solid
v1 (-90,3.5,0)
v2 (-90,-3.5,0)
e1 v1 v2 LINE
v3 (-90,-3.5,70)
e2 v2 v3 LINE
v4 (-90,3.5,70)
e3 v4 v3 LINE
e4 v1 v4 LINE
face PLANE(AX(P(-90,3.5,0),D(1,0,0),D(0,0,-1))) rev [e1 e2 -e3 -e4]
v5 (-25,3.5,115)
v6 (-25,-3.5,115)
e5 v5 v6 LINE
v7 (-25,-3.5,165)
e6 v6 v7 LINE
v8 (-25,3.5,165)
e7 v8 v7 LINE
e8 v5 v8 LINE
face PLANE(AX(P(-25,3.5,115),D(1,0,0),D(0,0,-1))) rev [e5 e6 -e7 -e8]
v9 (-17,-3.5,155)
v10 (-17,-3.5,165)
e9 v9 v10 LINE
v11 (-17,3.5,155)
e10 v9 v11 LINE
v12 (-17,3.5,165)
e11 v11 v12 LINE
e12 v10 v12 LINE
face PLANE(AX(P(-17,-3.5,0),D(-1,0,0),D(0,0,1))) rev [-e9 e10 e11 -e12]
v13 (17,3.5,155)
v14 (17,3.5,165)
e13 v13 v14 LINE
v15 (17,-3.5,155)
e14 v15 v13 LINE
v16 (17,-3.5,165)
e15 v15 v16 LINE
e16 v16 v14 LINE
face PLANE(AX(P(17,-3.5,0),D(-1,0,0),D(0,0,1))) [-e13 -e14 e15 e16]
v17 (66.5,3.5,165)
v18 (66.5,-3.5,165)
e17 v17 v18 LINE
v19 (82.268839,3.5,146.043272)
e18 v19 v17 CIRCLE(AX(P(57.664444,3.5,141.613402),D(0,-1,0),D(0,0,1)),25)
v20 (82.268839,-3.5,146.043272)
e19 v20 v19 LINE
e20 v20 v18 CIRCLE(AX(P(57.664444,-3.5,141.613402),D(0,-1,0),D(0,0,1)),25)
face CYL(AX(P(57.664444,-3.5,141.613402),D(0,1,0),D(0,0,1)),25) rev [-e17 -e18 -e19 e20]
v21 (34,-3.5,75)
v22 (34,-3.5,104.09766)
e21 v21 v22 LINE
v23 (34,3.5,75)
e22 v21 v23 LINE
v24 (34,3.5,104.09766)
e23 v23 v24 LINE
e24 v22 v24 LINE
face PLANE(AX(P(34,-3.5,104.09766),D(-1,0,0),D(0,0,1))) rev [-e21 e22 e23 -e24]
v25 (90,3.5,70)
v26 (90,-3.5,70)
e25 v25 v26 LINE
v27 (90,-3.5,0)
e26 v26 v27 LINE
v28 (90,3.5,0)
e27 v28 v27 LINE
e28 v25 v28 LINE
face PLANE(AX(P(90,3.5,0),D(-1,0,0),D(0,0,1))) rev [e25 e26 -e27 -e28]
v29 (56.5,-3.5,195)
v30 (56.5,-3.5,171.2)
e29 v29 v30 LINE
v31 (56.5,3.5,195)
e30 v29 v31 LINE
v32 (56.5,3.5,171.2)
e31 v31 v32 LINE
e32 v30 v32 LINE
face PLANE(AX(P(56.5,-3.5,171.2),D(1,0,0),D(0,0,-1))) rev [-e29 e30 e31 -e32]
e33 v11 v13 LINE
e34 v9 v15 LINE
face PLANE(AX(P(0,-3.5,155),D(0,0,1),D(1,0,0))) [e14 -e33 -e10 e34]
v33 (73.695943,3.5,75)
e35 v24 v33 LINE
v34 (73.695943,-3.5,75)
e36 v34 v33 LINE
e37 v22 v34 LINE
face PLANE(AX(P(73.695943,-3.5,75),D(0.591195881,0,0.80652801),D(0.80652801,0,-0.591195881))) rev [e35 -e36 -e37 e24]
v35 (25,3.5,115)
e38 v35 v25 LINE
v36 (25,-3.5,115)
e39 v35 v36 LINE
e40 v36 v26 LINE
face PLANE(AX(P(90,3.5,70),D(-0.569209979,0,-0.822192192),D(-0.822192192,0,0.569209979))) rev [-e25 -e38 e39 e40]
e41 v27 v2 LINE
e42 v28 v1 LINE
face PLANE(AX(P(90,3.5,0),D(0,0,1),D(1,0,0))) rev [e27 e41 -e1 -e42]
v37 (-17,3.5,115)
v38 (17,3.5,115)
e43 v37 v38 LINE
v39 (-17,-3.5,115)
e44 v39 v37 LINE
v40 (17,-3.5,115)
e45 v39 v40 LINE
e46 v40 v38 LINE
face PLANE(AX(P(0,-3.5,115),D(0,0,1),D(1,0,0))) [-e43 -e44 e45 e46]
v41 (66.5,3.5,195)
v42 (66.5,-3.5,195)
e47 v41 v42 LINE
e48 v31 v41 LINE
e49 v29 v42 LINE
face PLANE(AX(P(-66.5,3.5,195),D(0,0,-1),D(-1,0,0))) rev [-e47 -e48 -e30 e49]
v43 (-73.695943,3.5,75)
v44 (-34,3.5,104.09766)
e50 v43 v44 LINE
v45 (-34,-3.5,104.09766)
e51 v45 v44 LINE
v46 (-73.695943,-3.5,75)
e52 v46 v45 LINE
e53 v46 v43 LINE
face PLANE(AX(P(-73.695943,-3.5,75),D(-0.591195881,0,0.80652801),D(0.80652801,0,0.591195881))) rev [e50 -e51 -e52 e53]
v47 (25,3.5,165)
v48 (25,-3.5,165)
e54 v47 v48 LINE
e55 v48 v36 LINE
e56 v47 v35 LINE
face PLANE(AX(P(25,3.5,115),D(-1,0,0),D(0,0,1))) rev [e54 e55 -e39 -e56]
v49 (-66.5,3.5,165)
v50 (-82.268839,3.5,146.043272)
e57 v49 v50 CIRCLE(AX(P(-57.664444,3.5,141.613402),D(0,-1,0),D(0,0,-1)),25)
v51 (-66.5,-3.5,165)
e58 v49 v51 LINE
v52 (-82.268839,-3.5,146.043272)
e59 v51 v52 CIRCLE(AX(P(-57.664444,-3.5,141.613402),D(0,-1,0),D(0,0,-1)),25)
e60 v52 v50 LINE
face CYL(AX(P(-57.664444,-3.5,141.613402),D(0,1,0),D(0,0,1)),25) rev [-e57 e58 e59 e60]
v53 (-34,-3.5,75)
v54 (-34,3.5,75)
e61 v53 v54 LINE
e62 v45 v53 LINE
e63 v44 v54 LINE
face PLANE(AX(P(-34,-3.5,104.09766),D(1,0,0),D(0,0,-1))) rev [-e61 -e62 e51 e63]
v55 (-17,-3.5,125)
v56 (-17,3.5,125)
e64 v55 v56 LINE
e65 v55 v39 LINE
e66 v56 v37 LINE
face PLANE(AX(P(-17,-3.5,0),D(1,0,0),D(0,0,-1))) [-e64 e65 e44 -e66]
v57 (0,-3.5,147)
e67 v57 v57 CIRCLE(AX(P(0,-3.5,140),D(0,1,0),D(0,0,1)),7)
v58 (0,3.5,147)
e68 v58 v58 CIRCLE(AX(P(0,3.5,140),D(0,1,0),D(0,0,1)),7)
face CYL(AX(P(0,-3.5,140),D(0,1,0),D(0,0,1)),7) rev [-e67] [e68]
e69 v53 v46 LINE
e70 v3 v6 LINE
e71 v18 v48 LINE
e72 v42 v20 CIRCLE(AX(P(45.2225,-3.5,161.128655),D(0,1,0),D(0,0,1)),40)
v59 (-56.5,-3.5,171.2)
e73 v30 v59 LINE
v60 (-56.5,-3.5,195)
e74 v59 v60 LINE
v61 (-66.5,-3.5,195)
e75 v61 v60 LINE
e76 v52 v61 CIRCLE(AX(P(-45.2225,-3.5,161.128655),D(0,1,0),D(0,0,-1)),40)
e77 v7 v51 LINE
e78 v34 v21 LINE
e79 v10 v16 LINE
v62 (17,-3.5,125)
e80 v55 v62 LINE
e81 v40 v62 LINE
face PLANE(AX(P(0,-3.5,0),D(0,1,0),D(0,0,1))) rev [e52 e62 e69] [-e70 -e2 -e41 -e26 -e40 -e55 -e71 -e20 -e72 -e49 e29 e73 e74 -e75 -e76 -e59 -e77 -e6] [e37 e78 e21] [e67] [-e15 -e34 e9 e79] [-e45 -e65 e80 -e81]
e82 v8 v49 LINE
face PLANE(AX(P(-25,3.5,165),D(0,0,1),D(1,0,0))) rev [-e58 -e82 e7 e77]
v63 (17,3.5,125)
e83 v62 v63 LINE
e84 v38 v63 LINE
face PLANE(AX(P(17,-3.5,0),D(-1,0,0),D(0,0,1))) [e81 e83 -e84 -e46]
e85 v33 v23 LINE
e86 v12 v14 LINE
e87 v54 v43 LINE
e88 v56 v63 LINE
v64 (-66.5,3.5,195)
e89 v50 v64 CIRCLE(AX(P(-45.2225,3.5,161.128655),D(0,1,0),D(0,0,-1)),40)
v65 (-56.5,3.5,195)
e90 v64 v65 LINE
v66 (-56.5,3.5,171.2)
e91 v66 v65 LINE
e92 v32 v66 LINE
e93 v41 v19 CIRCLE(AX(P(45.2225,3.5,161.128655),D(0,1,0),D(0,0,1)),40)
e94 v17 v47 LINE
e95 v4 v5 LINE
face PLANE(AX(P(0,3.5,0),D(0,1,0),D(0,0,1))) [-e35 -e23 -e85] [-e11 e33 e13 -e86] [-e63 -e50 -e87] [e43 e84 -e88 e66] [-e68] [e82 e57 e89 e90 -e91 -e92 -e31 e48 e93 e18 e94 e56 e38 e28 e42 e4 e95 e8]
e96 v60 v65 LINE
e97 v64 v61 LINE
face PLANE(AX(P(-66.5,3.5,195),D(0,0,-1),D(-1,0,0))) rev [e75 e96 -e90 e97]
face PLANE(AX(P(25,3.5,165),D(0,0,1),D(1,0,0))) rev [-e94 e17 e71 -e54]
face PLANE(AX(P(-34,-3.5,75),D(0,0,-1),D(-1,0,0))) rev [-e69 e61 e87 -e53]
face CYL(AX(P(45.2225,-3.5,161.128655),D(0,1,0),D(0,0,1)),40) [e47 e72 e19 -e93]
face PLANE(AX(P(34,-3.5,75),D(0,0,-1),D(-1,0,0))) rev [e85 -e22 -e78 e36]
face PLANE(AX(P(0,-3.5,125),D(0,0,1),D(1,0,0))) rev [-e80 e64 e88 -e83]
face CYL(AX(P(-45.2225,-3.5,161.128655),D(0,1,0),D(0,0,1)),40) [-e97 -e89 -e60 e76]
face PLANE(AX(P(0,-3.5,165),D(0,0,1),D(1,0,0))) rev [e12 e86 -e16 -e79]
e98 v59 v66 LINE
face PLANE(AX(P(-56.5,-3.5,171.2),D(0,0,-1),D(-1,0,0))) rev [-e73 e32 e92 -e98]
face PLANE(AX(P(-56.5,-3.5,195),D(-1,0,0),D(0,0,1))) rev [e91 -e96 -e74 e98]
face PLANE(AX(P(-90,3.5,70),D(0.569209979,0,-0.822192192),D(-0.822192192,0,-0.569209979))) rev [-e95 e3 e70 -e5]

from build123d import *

# Parameters (mm, degrees)
BOSS_EXTRUDE1_DEPTH = 3.5
BOSS_EXTRUDE2_DEPTH = 7
SKETCH6_W           = 34
SKETCH6_H           = 10
CUT_EXTRUDE1_DEPTH  = 7
SKETCH7_R           = 7
CUT_EXTRUDE2_DEPTH  = 7
CUT_EXTRUDE3_DEPTH  = 7
SKETCH11_W          = 113
SKETCH11_H          = 23.8
CUT_EXTRUDE4_DEPTH  = 7


with BuildPart() as part:
    # Sketch1 → Boss-Extrude1 (new body, symmetric)
    with BuildSketch(Plane(origin=(0, 0, 0), x_dir=(1, 0, 0), z_dir=(0, 1, 0))):
        Polygon((90, 0), (-90, 0), (-90, -70), (-25, -115), (-25, -165), (-66.5, -165), (-66.5, -195), (66.5, -195), (66.5, -165), (25, -165), (25, -115), (90, -70), align=None)
    extrude(amount=BOSS_EXTRUDE1_DEPTH, both=True)

    # Sketch2 → Boss-Extrude2 (add)
    with BuildSketch(Plane(origin=(0, 3.5, 0), x_dir=(1, 0, 0), z_dir=(0, 1, 0))):
        with BuildLine():
            Line((-66.5, -165), (-66.5, -195))
            ThreePointArc((-66.5, -195), (-83.296215978, -173.392103188), (-82.268838739, -146.043271918))
            ThreePointArc((-82.268838739, -146.043271918), (-76.884146381, -157.600992268), (-66.5, -165))
        make_face()
        with BuildLine():
            Line((66.5, -165), (66.5, -195))
            ThreePointArc((66.5, -195), (83.296215978, -173.392103188), (82.268838739, -146.043271918))
            ThreePointArc((82.268838739, -146.043271918), (76.884146381, -157.600992268), (66.5, -165))
        make_face()
    extrude(amount=-BOSS_EXTRUDE2_DEPTH)

    # Sketch6 → Cut-Extrude1 (cut)
    with BuildSketch(Plane(origin=(0, 3.5, 0), x_dir=(1, 0, 0), z_dir=(0, 1, 0))):
        with Locations((0, -160)):
            Rectangle(SKETCH6_W, SKETCH6_H)
        with Locations((0, -120)):
            Rectangle(SKETCH6_W, SKETCH6_H)
    extrude(amount=-CUT_EXTRUDE1_DEPTH, mode=Mode.SUBTRACT)

    # Sketch7 → Cut-Extrude2 (cut)
    with BuildSketch(Plane(origin=(0, 3.5, 0), x_dir=(1, 0, 0), z_dir=(0, 1, 0))):
        with Locations((0, -140)):
            Circle(SKETCH7_R)
    extrude(amount=-CUT_EXTRUDE2_DEPTH, mode=Mode.SUBTRACT)

    # Sketch9 → Cut-Extrude3 (cut)
    with BuildSketch(Plane(origin=(0, 3.5, 0), x_dir=(1, 0, 0), z_dir=(0, 1, 0))):
        Polygon((-34, -75), (-73.695942788, -75), (-34, -104.097660068), align=None)
        Polygon((34, -104.097660068), (34, -75), (73.695942788, -75), align=None)
    extrude(amount=-CUT_EXTRUDE3_DEPTH, mode=Mode.SUBTRACT)

    # Sketch11 → Cut-Extrude4 (cut)
    with BuildSketch(Plane(origin=(0, 3.5, 0), x_dir=(1, 0, 0), z_dir=(0, 1, 0))):
        with Locations((0, -183.1)):
            Rectangle(SKETCH11_W, SKETCH11_H)
    extrude(amount=-CUT_EXTRUDE4_DEPTH, mode=Mode.SUBTRACT)


solid = part.part
